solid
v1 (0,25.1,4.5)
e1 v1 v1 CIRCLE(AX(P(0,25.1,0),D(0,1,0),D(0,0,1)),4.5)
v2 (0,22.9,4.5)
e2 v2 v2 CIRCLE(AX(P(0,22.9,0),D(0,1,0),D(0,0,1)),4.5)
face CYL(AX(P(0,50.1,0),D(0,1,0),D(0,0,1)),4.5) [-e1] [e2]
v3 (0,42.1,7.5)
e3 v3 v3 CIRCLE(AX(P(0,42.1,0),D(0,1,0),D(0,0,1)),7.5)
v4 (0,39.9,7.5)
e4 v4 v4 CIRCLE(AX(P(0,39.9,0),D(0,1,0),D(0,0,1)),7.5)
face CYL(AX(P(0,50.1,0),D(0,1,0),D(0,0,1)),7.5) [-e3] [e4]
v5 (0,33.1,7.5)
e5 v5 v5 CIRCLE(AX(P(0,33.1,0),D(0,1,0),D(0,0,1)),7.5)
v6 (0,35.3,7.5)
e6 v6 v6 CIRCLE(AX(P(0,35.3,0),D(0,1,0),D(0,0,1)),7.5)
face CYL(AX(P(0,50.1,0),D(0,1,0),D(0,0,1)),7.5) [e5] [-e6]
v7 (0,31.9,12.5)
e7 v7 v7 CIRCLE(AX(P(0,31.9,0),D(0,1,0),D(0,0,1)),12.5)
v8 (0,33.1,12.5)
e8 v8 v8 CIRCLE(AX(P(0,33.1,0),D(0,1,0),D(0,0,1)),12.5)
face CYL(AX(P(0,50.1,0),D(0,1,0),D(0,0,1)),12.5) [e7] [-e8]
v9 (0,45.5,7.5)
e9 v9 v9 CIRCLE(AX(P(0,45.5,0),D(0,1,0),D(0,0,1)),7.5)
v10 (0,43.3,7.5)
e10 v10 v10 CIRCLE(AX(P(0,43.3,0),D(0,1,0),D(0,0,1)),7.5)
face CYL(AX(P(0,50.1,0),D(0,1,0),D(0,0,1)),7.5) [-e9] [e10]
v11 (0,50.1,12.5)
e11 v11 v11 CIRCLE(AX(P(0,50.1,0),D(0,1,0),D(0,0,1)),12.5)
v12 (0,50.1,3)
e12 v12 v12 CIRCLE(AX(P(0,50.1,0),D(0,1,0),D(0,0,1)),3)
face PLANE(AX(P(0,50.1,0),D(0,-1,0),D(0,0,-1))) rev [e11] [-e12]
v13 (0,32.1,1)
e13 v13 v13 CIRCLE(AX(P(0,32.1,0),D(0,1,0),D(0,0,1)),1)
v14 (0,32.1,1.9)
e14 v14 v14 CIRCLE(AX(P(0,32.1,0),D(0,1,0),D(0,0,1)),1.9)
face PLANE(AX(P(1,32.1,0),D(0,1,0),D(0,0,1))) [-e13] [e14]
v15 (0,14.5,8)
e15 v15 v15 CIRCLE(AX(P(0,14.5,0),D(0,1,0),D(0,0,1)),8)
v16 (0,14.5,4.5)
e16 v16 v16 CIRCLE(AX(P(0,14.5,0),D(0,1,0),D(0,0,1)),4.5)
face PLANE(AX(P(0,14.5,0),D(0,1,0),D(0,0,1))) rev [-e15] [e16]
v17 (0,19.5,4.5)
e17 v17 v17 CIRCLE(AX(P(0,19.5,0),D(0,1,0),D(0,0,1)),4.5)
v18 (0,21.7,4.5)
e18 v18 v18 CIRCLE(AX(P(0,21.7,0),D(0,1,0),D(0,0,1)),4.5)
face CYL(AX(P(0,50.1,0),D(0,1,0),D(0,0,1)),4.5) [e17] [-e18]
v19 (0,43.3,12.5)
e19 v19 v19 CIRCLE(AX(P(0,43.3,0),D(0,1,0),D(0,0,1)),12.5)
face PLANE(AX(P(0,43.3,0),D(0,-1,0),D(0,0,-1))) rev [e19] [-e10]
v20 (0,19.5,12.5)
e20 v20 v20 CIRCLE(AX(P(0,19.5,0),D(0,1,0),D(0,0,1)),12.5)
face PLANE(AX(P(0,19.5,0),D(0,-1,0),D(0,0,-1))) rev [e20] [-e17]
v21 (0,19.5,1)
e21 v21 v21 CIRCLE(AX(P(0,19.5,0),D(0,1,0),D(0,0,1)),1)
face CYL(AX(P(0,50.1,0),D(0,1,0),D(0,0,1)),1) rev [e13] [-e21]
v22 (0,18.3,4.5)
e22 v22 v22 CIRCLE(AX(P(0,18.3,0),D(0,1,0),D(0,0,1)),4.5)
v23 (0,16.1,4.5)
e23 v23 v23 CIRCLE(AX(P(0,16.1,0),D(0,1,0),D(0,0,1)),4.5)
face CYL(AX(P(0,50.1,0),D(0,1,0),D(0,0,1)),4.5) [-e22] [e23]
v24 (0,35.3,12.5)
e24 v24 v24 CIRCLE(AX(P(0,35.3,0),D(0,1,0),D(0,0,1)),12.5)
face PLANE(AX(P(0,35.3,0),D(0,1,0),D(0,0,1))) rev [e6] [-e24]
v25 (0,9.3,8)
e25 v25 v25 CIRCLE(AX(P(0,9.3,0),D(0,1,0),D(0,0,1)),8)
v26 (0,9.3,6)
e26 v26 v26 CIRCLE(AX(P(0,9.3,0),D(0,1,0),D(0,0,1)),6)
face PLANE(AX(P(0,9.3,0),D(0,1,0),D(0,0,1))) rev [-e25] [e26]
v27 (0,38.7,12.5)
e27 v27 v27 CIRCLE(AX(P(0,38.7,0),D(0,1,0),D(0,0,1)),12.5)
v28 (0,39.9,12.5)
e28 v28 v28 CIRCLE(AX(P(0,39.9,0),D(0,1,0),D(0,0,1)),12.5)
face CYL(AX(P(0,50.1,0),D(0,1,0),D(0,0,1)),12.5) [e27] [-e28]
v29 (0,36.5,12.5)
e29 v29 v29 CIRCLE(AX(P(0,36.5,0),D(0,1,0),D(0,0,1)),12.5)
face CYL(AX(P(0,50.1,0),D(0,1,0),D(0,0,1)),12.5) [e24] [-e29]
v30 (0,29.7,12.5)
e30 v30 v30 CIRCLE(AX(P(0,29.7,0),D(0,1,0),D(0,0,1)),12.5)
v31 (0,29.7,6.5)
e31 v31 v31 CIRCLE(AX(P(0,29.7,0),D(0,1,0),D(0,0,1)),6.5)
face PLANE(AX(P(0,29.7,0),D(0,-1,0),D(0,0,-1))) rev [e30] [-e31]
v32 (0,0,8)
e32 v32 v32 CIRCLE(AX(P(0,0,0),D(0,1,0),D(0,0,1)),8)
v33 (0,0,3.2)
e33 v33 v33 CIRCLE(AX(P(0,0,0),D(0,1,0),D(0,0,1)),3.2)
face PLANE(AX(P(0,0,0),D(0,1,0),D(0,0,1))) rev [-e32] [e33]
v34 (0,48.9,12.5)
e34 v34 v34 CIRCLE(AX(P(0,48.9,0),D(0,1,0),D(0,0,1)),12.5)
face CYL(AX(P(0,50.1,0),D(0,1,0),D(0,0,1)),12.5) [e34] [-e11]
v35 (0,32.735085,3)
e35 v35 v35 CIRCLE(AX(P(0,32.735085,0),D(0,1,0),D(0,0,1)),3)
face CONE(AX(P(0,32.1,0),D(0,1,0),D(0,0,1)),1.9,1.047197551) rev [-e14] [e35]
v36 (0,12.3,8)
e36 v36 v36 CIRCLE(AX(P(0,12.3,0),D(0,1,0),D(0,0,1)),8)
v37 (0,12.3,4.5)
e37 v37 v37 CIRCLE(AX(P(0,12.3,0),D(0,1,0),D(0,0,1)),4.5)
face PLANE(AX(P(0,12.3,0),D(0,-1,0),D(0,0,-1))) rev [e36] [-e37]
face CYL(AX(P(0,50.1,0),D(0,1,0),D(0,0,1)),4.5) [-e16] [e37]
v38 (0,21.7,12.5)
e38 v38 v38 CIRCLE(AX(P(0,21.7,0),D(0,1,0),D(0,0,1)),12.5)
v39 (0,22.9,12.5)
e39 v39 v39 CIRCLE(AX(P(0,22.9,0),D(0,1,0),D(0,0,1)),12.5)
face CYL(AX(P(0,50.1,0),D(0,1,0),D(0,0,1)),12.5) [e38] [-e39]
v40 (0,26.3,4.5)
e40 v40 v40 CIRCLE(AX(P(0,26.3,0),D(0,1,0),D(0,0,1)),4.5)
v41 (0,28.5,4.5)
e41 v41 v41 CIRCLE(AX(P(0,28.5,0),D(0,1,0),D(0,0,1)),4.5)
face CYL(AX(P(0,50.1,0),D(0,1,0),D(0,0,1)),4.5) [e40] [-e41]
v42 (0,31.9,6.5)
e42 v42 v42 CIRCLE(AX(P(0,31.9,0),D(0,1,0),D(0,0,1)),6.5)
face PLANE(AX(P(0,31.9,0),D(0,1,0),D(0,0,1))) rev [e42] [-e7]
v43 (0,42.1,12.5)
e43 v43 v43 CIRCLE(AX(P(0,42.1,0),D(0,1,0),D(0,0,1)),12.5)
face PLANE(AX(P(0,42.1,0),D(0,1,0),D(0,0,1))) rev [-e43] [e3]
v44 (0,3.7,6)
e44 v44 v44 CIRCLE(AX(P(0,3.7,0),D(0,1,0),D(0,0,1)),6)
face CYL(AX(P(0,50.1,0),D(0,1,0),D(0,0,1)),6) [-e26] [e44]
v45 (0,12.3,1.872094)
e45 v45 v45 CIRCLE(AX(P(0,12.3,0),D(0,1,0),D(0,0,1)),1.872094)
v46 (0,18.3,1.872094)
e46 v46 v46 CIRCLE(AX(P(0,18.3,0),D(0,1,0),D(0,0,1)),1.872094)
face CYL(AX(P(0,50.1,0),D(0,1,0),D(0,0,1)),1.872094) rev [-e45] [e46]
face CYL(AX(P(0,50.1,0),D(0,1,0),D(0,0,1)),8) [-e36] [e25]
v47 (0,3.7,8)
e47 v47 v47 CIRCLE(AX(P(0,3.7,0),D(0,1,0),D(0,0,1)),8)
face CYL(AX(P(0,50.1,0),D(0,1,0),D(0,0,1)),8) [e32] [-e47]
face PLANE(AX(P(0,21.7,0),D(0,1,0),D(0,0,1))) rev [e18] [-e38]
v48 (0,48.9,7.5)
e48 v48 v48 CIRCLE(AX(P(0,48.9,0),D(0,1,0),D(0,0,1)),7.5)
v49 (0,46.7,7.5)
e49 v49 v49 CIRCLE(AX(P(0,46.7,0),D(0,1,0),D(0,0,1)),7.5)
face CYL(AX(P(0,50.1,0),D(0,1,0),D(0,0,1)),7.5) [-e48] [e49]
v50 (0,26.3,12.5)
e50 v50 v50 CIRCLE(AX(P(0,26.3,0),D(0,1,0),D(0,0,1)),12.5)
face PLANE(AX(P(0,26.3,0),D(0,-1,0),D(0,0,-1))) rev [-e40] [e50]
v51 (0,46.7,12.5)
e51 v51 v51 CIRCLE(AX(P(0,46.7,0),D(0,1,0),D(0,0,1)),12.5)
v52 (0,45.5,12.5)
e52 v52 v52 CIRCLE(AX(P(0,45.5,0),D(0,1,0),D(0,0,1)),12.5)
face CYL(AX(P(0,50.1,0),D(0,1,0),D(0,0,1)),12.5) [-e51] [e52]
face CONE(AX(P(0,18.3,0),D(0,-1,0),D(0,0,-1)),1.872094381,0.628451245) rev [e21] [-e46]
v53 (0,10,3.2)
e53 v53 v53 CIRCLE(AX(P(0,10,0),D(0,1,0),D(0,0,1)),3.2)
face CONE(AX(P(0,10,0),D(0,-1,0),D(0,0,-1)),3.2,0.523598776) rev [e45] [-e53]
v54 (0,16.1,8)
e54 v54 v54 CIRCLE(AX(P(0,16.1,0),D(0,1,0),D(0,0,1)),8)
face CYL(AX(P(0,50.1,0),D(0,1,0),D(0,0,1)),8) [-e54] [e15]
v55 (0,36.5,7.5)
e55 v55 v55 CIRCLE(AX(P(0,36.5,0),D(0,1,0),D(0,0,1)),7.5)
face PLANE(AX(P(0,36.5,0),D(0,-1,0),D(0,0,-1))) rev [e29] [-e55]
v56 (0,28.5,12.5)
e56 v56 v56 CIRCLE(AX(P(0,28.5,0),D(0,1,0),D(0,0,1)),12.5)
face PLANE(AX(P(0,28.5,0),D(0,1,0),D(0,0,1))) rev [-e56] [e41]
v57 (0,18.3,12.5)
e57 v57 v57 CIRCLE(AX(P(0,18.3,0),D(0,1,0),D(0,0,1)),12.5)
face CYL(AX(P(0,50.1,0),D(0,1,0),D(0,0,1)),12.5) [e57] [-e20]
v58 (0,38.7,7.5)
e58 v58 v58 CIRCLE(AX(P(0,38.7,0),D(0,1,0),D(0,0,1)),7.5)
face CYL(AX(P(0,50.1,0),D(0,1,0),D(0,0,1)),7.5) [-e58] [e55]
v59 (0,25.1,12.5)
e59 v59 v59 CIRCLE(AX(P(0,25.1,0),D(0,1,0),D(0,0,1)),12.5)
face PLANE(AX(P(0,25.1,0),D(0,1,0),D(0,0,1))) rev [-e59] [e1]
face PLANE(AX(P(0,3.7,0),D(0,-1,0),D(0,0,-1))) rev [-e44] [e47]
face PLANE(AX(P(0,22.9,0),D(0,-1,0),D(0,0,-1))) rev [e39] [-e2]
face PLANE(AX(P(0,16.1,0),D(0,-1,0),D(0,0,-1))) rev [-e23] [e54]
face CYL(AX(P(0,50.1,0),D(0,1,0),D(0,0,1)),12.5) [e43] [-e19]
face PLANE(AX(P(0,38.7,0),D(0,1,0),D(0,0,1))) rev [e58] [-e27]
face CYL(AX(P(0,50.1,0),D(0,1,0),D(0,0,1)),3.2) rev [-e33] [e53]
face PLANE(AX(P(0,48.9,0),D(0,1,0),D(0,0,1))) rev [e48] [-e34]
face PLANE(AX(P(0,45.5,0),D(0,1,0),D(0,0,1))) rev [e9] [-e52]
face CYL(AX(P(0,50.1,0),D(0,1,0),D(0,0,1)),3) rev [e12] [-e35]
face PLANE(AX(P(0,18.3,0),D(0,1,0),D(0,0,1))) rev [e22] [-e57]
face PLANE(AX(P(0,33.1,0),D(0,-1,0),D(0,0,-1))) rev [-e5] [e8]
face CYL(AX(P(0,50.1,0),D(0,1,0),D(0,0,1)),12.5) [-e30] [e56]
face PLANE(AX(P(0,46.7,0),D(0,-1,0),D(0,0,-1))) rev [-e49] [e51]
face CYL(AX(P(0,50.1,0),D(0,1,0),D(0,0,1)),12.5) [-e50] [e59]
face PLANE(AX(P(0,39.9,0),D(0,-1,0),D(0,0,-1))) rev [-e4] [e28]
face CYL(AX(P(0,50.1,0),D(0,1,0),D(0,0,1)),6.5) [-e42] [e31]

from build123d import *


with BuildPart() as part:
    # Sketch1 → Revolve1 (revolve)
    with BuildSketch(Plane.XY, mode=Mode.PRIVATE) as revolve1_sk:
        Polygon((0, 0), (8, 0), (8, 3.7), (6, 3.7), (6, 9.3), (8, 9.3), (8, 12.3), (4.5, 12.3), (4.5, 14.5), (8, 14.5), (8, 16.1), (4.5, 16.1), (4.5, 18.3), (12.5, 18.3), (12.5, 19.5), (4.5, 19.5), (4.5, 21.7), (12.5, 21.7), (12.5, 22.9), (4.5, 22.9), (4.5, 25.1), (12.5, 25.1), (12.5, 26.3), (4.5, 26.3), (4.5, 28.5), (12.5, 28.5), (12.5, 29.7), (6.5, 29.7), (6.5, 31.9), (12.5, 31.9), (12.5, 33.1), (7.5, 33.1), (7.5, 35.3), (12.5, 35.3), (12.5, 36.5), (7.5, 36.5), (7.5, 38.7), (12.5, 38.7), (12.5, 39.9), (7.5, 39.9), (7.5, 42.1), (12.5, 42.1), (12.5, 43.3), (7.5, 43.3), (7.5, 45.5), (12.5, 45.5), (12.5, 46.7), (7.5, 46.7), (7.5, 48.9), (12.5, 48.9), (12.5, 50.1), (9.200701829, 50.1), (0, 50.1), align=None)
    revolve(revolve1_sk.sketch.rotate(Axis((0, 50.1, 0), (0, -1, 0)), 90), axis=Axis((0, 50.1, 0), (0, -1, 0)))

    # Sketch2 → Cut-Revolve2 (revolve, cut)
    with BuildSketch(Plane.XY, mode=Mode.PRIVATE) as cut_revolve2_sk:
        Polygon((3.2, 0), (3.2, 10), (1.872094381, 12.3), (1.872094381, 18.3), (1, 19.5), (1, 32.1), (1.9, 32.1), (3, 32.735085296), (3, 50.1), (0, 50.1), (0, 0), align=None)
    revolve(cut_revolve2_sk.sketch.rotate(Axis((0, 50.1, 0), (0, -1, 0)), 90), axis=Axis((0, 50.1, 0), (0, -1, 0)), mode=Mode.SUBTRACT)


solid = part.part
